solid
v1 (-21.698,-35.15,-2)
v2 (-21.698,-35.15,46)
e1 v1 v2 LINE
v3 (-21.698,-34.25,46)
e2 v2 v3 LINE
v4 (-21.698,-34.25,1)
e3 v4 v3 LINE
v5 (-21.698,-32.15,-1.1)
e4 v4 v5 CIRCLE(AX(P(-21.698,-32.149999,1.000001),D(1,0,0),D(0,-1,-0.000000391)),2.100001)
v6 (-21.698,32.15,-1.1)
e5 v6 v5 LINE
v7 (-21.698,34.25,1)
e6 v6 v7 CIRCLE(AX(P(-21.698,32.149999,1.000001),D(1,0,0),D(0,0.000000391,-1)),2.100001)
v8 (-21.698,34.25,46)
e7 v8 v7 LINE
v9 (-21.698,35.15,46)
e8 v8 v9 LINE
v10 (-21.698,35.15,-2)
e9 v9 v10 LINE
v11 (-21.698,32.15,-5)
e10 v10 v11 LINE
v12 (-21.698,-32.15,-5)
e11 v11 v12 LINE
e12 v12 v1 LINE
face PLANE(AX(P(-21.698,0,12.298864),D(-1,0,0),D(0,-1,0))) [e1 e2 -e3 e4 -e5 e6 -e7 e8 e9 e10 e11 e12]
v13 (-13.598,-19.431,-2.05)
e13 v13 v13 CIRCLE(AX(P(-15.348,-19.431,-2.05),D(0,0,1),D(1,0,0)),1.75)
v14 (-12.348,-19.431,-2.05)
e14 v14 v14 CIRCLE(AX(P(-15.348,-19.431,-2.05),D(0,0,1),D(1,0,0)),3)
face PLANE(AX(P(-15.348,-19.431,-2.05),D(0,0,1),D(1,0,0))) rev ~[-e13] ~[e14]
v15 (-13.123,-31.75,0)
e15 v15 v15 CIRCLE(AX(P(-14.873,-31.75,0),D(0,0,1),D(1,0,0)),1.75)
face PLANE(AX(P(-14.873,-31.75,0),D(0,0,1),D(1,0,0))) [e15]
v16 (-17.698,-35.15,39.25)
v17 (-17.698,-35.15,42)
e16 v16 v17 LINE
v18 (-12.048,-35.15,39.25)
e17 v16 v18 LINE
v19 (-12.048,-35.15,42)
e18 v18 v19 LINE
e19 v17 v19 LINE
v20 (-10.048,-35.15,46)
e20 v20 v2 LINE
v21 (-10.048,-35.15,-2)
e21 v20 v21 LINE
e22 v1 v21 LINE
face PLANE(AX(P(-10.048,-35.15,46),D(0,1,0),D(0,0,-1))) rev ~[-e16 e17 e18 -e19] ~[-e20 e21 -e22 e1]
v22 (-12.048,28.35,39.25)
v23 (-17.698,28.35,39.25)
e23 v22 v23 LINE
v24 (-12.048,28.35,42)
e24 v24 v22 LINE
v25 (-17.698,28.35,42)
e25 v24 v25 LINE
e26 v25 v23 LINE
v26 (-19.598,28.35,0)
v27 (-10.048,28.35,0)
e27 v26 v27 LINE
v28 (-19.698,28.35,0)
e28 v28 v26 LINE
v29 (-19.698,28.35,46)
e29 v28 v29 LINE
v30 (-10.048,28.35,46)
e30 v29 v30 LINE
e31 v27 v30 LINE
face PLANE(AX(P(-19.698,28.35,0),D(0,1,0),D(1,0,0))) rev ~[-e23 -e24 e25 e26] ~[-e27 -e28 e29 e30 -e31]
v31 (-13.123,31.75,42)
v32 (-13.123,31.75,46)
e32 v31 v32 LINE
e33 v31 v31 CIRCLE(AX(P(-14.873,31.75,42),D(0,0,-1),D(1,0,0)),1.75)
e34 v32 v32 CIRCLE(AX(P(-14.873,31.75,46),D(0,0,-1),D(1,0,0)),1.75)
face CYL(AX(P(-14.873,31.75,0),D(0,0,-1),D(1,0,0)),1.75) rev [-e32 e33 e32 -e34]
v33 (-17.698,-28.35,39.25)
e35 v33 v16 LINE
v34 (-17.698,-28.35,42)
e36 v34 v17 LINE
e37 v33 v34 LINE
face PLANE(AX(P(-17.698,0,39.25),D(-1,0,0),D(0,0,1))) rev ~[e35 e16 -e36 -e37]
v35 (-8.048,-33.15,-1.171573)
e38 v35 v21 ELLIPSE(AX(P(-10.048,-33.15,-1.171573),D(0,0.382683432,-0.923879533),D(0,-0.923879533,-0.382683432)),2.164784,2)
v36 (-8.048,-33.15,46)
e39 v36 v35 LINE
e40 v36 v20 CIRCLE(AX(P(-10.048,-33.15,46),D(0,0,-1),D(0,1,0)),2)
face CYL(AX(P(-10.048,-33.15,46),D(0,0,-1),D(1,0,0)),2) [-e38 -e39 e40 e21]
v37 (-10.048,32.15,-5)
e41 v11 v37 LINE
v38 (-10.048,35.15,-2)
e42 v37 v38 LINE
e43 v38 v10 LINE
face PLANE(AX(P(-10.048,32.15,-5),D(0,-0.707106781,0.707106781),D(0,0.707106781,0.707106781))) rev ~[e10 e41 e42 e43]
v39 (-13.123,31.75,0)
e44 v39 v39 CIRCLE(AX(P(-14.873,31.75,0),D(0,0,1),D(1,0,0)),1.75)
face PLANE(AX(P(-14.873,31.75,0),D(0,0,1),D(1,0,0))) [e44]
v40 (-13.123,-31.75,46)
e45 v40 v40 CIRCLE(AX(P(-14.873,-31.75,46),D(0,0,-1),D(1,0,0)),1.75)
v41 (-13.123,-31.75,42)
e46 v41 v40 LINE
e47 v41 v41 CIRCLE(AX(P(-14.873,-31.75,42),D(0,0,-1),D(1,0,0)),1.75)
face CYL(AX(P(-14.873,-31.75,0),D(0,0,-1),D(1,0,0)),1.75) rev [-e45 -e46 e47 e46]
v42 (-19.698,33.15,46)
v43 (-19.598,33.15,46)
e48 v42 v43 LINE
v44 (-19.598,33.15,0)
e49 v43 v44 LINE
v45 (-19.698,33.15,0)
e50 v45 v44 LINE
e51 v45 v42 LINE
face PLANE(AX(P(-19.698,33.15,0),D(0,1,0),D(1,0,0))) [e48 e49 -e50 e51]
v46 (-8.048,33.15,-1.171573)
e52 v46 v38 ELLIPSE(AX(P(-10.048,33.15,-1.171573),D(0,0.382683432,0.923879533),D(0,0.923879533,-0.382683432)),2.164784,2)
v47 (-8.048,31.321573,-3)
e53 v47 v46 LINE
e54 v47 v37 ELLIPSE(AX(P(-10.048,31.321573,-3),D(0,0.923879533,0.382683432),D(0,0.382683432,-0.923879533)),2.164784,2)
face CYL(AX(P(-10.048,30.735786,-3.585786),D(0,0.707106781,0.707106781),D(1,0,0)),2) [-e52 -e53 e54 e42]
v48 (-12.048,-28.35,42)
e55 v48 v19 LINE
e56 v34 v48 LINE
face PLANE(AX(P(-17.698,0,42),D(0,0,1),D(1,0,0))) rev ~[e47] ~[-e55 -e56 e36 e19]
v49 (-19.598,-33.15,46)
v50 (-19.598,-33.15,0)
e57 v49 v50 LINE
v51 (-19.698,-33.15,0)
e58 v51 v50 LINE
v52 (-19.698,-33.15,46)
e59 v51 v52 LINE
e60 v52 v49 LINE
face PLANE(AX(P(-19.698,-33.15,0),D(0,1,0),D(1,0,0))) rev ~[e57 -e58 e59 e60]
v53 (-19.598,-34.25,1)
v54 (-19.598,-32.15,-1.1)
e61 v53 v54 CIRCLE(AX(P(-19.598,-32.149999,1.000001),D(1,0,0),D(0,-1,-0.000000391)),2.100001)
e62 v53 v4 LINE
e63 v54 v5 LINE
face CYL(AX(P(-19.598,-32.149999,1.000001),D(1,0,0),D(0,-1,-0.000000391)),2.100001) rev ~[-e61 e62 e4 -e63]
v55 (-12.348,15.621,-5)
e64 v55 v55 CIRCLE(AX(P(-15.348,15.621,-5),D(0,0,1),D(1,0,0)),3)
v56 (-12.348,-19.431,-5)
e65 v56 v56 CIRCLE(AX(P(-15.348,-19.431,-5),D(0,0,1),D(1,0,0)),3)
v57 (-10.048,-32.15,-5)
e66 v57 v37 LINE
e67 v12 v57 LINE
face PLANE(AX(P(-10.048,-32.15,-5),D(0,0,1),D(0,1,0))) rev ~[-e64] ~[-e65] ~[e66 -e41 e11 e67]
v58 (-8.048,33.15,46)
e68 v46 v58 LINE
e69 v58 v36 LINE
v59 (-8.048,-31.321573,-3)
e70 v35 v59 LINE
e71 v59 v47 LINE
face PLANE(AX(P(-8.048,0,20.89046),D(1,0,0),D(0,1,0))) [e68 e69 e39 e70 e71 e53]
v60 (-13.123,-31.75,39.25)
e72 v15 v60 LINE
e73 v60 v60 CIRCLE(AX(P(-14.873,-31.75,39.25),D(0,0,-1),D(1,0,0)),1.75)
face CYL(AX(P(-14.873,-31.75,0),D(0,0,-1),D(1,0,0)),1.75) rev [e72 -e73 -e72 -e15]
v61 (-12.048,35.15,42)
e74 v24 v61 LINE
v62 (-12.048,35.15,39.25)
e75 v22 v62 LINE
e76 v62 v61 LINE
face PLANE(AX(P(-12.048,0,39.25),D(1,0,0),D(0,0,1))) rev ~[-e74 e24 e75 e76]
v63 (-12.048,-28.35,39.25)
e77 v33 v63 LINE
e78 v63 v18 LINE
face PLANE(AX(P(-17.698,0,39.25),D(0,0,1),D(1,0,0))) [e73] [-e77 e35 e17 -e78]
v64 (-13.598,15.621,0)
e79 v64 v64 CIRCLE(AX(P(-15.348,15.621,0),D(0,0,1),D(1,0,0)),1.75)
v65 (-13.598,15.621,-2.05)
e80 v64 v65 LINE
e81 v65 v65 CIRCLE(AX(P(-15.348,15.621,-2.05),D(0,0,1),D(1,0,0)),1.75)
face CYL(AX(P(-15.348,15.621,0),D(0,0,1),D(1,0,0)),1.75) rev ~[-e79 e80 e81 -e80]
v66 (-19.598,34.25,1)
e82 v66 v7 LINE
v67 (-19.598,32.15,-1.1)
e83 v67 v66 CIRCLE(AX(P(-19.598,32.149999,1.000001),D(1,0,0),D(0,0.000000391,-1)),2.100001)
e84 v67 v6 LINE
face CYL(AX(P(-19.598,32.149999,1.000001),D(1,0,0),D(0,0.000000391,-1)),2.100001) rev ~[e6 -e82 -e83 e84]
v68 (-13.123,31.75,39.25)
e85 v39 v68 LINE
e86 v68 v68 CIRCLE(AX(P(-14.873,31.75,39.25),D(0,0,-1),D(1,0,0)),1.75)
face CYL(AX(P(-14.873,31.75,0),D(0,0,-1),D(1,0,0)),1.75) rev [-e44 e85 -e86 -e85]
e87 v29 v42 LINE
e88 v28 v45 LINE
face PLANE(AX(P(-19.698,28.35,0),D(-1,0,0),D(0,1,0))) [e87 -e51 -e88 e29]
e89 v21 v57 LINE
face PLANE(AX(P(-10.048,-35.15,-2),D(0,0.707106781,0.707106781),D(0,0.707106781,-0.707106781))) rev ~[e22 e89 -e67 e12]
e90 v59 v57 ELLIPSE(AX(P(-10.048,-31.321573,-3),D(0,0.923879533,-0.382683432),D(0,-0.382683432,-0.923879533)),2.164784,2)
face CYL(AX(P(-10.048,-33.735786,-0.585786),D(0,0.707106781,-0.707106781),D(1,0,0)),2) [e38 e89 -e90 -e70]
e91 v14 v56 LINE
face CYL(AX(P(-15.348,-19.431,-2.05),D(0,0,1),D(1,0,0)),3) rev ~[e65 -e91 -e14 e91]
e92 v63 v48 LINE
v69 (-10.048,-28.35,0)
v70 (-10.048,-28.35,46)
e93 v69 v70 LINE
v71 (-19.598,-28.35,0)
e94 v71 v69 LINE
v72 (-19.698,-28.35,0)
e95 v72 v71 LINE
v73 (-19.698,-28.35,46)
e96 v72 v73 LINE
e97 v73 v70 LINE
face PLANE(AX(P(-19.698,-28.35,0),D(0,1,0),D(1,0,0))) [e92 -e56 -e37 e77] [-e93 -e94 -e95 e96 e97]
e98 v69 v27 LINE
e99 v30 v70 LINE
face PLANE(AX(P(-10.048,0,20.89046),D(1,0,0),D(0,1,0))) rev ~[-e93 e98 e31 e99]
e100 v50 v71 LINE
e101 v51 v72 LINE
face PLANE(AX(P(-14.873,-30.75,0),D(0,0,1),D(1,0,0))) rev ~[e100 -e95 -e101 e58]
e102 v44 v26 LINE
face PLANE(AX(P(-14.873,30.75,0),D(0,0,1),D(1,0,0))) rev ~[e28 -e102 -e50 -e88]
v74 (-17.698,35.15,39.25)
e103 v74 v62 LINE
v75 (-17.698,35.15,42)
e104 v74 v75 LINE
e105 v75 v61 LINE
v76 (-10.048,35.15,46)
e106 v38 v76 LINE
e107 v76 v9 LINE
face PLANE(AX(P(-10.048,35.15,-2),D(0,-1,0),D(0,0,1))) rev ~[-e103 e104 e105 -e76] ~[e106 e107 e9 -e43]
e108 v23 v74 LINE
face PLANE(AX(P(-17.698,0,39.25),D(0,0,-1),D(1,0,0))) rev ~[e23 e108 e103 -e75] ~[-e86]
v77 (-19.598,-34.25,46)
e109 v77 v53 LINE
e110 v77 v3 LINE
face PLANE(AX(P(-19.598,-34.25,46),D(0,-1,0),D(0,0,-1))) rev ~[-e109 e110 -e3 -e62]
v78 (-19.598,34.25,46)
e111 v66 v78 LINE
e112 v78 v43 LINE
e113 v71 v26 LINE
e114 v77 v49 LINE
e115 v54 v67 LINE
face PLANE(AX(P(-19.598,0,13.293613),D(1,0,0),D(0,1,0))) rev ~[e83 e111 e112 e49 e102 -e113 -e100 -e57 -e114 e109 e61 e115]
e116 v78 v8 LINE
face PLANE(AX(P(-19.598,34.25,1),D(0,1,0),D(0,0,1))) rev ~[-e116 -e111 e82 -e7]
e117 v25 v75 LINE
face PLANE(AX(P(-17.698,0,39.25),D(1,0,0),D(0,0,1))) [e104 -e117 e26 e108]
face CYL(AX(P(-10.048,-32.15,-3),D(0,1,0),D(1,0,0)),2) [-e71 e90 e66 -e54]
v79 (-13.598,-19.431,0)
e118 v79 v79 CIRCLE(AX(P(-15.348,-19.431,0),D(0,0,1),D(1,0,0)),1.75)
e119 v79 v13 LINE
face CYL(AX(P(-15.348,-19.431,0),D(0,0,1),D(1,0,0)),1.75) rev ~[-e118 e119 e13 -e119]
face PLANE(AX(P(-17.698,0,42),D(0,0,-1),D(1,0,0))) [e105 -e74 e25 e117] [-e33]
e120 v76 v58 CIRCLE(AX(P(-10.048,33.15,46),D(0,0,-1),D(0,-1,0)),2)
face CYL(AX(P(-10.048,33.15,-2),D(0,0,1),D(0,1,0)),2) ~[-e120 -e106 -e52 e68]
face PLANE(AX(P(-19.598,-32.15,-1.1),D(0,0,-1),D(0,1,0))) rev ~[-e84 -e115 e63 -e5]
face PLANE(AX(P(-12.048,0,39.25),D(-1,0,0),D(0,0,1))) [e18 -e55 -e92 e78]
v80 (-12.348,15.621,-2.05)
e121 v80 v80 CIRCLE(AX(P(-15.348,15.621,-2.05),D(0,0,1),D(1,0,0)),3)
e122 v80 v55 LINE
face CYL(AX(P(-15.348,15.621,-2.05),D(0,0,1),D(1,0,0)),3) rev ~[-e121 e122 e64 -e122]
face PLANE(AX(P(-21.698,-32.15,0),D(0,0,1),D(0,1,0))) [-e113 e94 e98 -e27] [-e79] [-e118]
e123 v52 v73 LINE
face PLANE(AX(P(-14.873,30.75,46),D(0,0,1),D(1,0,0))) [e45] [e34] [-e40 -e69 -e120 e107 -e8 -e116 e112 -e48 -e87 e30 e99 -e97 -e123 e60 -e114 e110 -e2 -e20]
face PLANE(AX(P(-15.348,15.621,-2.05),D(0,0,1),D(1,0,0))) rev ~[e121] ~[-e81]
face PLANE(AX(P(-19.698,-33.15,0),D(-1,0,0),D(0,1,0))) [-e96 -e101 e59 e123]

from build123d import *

# Parameters (mm, degrees)
PAD039_DEPTH         = 11.65
POCKET045_DEPTH      = 2.101
PAD_DEPTH            = 2
SKETCH117_W          = 9.65
SKETCH117_H          = 4.8
PAD041_DEPTH         = 46
SKETCH120_R          = 1.75
POCKET048_DEPTH      = 46.001
SKETCH115_R          = 1.75
POCKET046_DEPTH      = 5.001
SKETCH116_R          = 3
POCKET047_DEPTH      = 2.951
SKETCH118_W          = 5.65
SKETCH118_H          = 2.75
POCKET049_DEPTH      = 35.151
POCKET049_DEPTH_BACK = 35.151
FILLET_R             = 2


with BuildPart() as part:
    # Sketch119 → Pad039 (new body)
    with BuildSketch(Plane.YZ.offset(-21.698)):
        with BuildLine():
            ThreePointArc((-33.15, 1), (-32.857107, 0.292893), (-32.15, 0))
            Line((-32.15, 0), (32.15, 0))
            ThreePointArc((32.15, 0), (32.857107, 0.292893), (33.15, 1))
            Line((33.15, 46), (33.15, 1))
            Line((33.15, 46), (35.15, 46))
            Line((35.15, 46), (35.15, -2))
            Line((35.15, -2), (32.15, -5))
            Line((32.15, -5), (-32.15, -5))
            Line((-32.15, -5), (-35.15, -2))
            Line((-35.15, -2), (-35.15, 46))
            Line((-35.15, 46), (-33.15, 46))
            Line((-33.15, 46), (-33.15, 1))
        make_face()
    extrude(amount=PAD039_DEPTH)

    # Sketch114 → Pocket045 (cut, through all)
    with BuildSketch(Plane.YZ.offset(-19.598)):
        with BuildLine():
            Line((-34.25, 46), (-34.25, 1))
            ThreePointArc((-34.25, 1), (-33.634924, -0.484924), (-32.15, -1.1))
            Line((-32.15, -1.1), (32.15, -1.1))
            ThreePointArc((32.15, -1.1), (33.634924, -0.484924), (34.25, 1))
            Line((34.25, 1), (34.25, 46))
            Line((34.25, 46), (33.15, 46))
            Line((33.15, 46), (33.15, 1))
            ThreePointArc((32.15, 0), (32.857107, 0.292893), (33.15, 1))
            Line((-32.15, 0), (32.15, 0))
            ThreePointArc((-33.15, 1), (-32.857107, 0.292893), (-32.15, 0))
            Line((-33.15, 46), (-33.15, 1))
            Line((-34.25, 46), (-33.15, 46))
        make_face()
    extrude(amount=-POCKET045_DEPTH, mode=Mode.SUBTRACT)

    # Sketch123 → Pad (join)
    with BuildSketch(Plane.YZ.offset(-10.048)):
        Polygon((-35.15, 46), (-35.15, -2), (-32.15, -5), (32.15, -5), (35.15, -2), (35.15, 46), align=None)
    extrude(amount=PAD_DEPTH)

    # Sketch117 → Pad041 (join)
    with BuildSketch(Plane.XY):
        with Locations((-14.873, 30.75)):
            Rectangle(SKETCH117_W, SKETCH117_H)
        with Locations((-14.873, -30.75)):
            Rectangle(SKETCH117_W, SKETCH117_H)
    extrude(amount=PAD041_DEPTH)

    # Sketch120 → Pocket048 (cut, through all)
    with BuildSketch(Plane.XY):
        with Locations((-14.873, 31.75)):
            Circle(SKETCH120_R)
        with Locations((-14.873, -31.75)):
            Circle(SKETCH120_R)
    extrude(amount=POCKET048_DEPTH, mode=Mode.SUBTRACT)

    # Sketch115 → Pocket046 (cut, through all)
    with BuildSketch(Plane.XY):
        with Locations((-15.348, 15.621)):
            Circle(SKETCH115_R)
        with Locations((-15.348, -19.431)):
            Circle(SKETCH115_R)
    extrude(amount=-POCKET046_DEPTH, mode=Mode.SUBTRACT)

    # Sketch116 → Pocket047 (cut, through all)
    with BuildSketch(Plane.XY.offset(-2.05)):
        with Locations((-15.348, 15.621)):
            Circle(SKETCH116_R)
        with Locations((-15.348, -19.431)):
            Circle(SKETCH116_R)
    extrude(amount=-POCKET047_DEPTH, mode=Mode.SUBTRACT)

    # Sketch118 → Pocket049 (cut, two sides)
    with BuildSketch(Plane.XZ) as pocket049_sk:
        with Locations((-14.873, 40.625)):
            Rectangle(SKETCH118_W, SKETCH118_H)
    extrude(amount=-POCKET049_DEPTH, mode=Mode.SUBTRACT)
    extrude(pocket049_sk.sketch, amount=POCKET049_DEPTH_BACK, mode=Mode.SUBTRACT)

    # Fillet
    fillet_edges = [part.edges().sort_by_distance(p)[0] for p in [
        (-8.048, -35.15, 22),
        (-8.048, -33.65, -3.5),
        (-8.048, 0, -5),
        (-8.048, 33.65, -3.5),
        (-8.048, 35.15, 22),
    ]]
    fillet(fillet_edges, radius=FILLET_R)


solid = part.part
